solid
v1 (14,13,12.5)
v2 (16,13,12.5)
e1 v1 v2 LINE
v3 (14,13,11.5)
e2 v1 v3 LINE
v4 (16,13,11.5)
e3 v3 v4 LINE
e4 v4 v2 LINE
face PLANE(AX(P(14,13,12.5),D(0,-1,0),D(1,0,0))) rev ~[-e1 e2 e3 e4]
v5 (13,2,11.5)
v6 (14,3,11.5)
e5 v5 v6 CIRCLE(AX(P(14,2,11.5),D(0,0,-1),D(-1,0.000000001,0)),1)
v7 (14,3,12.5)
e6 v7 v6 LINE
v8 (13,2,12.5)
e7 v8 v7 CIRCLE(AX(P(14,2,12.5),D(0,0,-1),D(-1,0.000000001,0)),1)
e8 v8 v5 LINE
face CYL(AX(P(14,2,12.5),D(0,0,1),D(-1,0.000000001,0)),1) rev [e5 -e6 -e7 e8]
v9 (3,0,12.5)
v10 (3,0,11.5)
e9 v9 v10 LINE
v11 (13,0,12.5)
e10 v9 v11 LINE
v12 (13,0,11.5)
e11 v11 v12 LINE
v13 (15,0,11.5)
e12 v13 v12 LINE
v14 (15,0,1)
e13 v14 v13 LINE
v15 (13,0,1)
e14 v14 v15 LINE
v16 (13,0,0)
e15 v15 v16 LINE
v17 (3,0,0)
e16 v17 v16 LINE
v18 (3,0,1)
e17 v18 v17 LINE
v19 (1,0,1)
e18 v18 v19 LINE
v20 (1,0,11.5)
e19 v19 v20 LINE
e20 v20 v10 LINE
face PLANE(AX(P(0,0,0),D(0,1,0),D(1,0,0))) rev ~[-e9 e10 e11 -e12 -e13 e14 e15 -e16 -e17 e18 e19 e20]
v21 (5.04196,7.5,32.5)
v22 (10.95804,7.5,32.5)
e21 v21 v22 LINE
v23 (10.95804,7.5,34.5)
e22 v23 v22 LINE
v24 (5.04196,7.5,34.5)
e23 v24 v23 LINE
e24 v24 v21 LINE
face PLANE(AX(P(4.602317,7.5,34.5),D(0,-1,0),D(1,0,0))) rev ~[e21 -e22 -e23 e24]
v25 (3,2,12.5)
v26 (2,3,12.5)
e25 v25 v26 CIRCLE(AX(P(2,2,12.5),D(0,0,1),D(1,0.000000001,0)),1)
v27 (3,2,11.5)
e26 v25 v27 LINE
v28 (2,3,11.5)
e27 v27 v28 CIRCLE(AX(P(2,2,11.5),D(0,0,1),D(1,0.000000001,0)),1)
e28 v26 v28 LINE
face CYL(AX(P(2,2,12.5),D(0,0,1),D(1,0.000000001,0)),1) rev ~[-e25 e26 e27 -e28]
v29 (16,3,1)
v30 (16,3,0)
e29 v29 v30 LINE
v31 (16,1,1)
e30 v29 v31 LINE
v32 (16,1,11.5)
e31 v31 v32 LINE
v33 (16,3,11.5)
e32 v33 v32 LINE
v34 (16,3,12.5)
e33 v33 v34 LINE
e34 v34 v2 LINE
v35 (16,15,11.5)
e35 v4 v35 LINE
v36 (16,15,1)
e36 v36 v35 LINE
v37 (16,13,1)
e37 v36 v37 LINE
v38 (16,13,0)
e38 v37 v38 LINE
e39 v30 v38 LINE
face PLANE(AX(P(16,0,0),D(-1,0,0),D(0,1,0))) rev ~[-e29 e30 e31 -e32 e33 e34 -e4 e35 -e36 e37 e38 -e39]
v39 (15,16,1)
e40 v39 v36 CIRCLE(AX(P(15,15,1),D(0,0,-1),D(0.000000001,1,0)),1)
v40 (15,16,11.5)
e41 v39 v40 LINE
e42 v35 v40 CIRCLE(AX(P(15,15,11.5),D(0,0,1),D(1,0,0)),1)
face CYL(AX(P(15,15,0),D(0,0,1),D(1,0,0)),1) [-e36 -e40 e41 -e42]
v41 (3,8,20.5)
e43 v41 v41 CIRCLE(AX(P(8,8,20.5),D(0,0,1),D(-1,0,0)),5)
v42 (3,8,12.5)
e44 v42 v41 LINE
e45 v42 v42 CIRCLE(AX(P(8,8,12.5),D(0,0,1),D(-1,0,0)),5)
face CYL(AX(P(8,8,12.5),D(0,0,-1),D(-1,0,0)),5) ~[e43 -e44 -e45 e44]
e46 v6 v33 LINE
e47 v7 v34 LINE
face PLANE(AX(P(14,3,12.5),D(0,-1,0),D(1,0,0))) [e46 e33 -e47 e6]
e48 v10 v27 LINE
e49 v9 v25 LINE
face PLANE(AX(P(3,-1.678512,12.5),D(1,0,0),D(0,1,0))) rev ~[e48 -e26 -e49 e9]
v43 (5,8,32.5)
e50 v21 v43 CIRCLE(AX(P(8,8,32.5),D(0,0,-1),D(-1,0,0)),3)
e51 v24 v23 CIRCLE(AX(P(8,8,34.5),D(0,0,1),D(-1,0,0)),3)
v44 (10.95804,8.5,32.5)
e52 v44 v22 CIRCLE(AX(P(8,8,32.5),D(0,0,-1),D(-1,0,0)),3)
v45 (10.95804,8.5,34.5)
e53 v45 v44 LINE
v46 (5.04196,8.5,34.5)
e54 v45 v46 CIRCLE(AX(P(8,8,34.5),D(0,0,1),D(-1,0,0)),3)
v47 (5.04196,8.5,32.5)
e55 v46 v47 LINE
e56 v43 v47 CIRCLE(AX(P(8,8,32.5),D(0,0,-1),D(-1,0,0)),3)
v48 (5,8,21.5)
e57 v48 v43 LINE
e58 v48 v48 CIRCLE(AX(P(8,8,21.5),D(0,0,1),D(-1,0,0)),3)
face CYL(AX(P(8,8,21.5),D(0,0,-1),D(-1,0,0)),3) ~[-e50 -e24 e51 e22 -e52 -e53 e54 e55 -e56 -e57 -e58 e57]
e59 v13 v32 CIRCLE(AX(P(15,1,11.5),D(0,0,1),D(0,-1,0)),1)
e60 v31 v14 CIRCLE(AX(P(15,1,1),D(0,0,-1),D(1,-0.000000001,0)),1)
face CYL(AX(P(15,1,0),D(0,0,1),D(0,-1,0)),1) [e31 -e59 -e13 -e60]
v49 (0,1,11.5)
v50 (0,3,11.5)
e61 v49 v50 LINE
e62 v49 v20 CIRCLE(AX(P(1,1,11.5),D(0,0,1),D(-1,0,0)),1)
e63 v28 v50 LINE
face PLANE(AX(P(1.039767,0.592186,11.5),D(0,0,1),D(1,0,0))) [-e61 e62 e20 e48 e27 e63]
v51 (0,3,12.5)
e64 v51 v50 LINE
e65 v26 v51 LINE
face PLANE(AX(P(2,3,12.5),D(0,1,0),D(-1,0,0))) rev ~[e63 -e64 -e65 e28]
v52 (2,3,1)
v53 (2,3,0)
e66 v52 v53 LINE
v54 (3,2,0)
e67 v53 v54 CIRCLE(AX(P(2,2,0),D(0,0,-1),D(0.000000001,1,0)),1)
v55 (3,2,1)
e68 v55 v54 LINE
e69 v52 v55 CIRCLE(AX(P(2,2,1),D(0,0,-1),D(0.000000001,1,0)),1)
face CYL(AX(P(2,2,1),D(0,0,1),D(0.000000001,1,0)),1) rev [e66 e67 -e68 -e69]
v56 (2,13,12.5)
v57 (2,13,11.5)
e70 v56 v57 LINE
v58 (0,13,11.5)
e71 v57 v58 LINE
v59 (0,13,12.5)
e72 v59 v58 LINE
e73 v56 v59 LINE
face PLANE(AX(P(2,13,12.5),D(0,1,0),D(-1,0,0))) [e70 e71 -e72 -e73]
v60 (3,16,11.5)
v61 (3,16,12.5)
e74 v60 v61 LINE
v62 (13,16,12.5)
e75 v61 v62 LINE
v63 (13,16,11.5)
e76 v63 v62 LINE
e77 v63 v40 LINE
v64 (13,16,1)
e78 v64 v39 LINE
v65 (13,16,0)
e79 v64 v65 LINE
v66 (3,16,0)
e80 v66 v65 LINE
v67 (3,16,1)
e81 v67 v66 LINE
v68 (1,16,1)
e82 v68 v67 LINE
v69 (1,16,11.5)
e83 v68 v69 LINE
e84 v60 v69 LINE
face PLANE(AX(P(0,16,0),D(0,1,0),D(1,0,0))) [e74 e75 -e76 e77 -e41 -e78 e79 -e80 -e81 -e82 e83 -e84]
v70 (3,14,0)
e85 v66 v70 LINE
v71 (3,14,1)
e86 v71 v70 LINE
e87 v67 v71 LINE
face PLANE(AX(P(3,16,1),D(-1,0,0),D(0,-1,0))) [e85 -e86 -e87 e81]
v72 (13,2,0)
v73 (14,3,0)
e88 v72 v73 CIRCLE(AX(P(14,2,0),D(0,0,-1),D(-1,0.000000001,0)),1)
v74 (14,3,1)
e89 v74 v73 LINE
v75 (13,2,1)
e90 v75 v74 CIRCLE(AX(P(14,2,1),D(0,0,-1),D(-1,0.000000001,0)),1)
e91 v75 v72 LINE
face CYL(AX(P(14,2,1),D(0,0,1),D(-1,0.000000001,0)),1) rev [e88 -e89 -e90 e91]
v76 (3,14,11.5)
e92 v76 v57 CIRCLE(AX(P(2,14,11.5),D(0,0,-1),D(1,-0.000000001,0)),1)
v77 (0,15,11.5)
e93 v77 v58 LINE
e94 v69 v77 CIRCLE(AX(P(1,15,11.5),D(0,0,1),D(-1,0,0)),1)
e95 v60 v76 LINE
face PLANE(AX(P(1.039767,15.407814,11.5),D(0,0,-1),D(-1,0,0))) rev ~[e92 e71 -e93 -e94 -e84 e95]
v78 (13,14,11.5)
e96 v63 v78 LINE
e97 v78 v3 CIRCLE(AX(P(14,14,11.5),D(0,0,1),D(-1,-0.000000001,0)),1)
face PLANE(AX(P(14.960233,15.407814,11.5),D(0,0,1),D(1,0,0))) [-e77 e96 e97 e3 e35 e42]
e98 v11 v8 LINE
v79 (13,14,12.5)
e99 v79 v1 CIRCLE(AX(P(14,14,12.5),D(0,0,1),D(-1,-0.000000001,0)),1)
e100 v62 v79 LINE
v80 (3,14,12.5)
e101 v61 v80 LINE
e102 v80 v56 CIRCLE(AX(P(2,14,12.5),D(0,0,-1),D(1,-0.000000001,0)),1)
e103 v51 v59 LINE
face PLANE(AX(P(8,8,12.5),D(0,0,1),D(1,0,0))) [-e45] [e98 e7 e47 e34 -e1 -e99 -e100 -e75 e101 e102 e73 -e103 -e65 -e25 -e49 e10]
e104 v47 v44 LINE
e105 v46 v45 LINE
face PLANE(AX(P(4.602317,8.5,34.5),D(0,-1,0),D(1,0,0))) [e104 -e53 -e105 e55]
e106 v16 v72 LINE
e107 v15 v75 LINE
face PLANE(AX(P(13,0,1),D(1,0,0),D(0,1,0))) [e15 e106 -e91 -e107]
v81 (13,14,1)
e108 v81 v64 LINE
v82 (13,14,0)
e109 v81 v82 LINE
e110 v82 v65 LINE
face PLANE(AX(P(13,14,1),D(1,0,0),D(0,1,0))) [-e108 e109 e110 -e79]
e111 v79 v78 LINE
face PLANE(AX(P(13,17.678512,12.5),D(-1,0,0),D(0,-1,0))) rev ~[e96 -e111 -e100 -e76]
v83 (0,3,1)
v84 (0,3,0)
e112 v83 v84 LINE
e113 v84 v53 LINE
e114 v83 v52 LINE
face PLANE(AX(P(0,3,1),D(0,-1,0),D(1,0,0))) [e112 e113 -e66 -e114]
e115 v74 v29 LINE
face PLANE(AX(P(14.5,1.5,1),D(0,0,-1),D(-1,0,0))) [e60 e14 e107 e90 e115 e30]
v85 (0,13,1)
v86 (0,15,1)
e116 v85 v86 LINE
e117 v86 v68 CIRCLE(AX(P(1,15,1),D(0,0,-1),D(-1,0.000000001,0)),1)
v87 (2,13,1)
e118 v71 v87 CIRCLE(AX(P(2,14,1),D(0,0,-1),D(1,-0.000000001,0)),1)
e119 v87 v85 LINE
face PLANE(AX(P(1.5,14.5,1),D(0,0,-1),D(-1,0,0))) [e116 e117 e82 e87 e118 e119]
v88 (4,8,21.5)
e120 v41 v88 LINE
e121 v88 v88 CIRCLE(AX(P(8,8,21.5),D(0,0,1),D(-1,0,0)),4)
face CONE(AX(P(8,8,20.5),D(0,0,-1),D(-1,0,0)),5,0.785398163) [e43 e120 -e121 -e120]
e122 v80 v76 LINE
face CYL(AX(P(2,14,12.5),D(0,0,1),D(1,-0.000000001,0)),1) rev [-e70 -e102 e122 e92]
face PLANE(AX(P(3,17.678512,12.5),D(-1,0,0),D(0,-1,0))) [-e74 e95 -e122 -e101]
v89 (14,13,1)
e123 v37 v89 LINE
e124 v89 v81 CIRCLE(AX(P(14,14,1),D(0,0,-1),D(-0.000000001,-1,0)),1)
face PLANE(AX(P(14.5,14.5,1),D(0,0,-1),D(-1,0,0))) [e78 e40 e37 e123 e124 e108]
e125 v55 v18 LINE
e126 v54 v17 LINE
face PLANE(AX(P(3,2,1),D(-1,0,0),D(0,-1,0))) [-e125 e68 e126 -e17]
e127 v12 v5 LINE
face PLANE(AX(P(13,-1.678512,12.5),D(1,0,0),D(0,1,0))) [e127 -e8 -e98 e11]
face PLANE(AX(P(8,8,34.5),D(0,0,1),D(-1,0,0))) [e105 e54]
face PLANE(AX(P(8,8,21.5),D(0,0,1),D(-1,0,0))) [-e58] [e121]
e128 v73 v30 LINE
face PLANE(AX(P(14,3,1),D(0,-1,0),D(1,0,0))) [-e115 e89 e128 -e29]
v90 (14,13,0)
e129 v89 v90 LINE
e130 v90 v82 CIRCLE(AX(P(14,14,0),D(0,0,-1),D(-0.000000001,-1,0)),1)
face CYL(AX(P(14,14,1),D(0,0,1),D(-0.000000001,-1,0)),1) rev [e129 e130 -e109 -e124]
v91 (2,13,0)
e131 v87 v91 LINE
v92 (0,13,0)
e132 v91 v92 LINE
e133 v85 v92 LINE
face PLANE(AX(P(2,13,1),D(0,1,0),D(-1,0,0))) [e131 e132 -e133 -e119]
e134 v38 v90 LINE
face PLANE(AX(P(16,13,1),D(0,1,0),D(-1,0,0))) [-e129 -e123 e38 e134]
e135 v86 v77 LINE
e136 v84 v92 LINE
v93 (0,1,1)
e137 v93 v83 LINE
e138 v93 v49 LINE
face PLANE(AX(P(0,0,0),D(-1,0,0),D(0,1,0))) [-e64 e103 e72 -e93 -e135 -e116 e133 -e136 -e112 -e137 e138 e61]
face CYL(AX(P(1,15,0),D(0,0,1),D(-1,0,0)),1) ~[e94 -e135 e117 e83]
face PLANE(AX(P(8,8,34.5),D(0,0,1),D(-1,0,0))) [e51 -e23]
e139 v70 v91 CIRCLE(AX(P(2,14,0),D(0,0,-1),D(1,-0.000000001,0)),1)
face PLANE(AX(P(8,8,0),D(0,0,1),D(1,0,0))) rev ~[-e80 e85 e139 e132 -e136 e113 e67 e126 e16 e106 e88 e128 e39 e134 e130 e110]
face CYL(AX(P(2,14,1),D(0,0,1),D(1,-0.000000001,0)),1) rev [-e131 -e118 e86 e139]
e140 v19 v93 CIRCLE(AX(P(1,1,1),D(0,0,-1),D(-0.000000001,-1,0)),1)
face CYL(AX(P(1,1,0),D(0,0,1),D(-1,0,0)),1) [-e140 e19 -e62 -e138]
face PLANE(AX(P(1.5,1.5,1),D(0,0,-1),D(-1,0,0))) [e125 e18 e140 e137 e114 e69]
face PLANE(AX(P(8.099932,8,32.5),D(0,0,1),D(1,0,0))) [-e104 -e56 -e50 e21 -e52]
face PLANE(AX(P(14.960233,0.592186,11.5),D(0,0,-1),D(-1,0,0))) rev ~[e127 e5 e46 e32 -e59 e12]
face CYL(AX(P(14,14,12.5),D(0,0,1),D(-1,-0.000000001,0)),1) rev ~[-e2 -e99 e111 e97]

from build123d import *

# Parameters (mm, degrees)
ESQUISSE1_W             = 16
ESQUISSE1_H             = 16
EXTRUSION1_DEPTH        = 12.5
CONG_1_R                = 1
ESQUISSE2_R             = 5
EXTRUSION2_DEPTH        = 9
CHANFREIN1_SIZE         = 1
ESQUISSE3_R             = 3
EXTRUSION3_DEPTH        = 13
ESQUISSE4_W             = 6.995230525
ESQUISSE4_H             = 1
ENL_V_MAT_EXTRU_1_DEPTH = 2
ENL_V_MAT_EXTRU_2_DEPTH = 1
ENL_V_START             = -1
ENL_V_MAT_EXTRU_3_DEPTH = 1


with BuildPart() as part:
    # Esquisse1 → Extrusion1 (new body)
    with BuildSketch(Plane.XY):
        with Locations((8, 8)):
            Rectangle(ESQUISSE1_W, ESQUISSE1_H)
    extrude(amount=EXTRUSION1_DEPTH)

    # Congé1
    cong_1_edges = [part.edges().sort_by_distance(p)[0] for p in [
        (0, 16, 6.25),
        (16, 16, 6.25),
        (16, 0, 6.25),
        (0, 0, 6.25),
    ]]
    fillet(cong_1_edges, radius=CONG_1_R)

    # Esquisse2 → Extrusion2 (add)
    with BuildSketch(Plane.XY.offset(12.5)):
        with Locations(Location((8, 8, 0), (0, 0, 180))):
            Circle(ESQUISSE2_R)
    extrude(amount=EXTRUSION2_DEPTH)

    # Chanfrein1
    chanfrein1_edges = [part.edges().sort_by_distance(p)[0] for p in [
        (13, 8, 21.5),
    ]]
    chamfer(chanfrein1_edges, length=CHANFREIN1_SIZE)

    # Esquisse3 → Extrusion3 (add)
    with BuildSketch(Plane.XY.offset(21.5)):
        with Locations(Location((8, 8, 0), (0, 0, 180))):
            Circle(ESQUISSE3_R)
    extrude(amount=EXTRUSION3_DEPTH)

    # Esquisse4 → Enlèv. mat.-Extru.1 (cut)
    with BuildSketch(Plane.XY.offset(34.5)):
        with Locations((8.099931865, 8)):
            Rectangle(ESQUISSE4_W, ESQUISSE4_H)
    extrude(amount=-ENL_V_MAT_EXTRU_1_DEPTH, mode=Mode.SUBTRACT)

    # Esquisse5 → Enlèv. mat.-Extru.2 (cut)
    with BuildSketch(Plane.XY.offset(12.5)):
        with BuildLine():
            Line((13, 17.678512004), (13, 14))
            ThreePointArc((13, 14), (13.292893219, 13.292893219), (14, 13))
            Line((14, 13), (16.806932946, 13))
            Line((16.806932946, 13), (16.806932946, 17.678512004))
            Line((16.806932946, 17.678512004), (13, 17.678512004))
        make_face()
        with BuildLine():
            Line((-0.806932946, 17.678512004), (3, 17.678512004))
            Line((3, 17.678512004), (3, 14))
            ThreePointArc((3, 14), (2.707106781, 13.292893219), (2, 13))
            Line((2, 13), (-0.806932946, 13))
            Line((-0.806932946, 13), (-0.806932946, 17.678512004))
        make_face()
        with BuildLine():
            Line((16.806932946, -1.678512004), (13, -1.678512004))
            Line((13, -1.678512004), (13, 2))
            ThreePointArc((13, 2), (13.292893219, 2.707106781), (14, 3))
            Line((14, 3), (16.806932946, 3))
            Line((16.806932946, 3), (16.806932946, -1.678512004))
        make_face()
        with BuildLine():
            Line((3, -1.678512004), (3, 2))
            ThreePointArc((3, 2), (2.707106781, 2.707106781), (2, 3))
            Line((2, 3), (-0.806932946, 3))
            Line((-0.806932946, 3), (-0.806932946, -1.678512004))
            Line((-0.806932946, -1.678512004), (3, -1.678512004))
        make_face()
    extrude(amount=-ENL_V_MAT_EXTRU_2_DEPTH, mode=Mode.SUBTRACT)

    # Esquisse6 → Enlèv. mat.-Extru.3 (cut)
    with BuildSketch(Plane(origin=(0, 0, 0), x_dir=(-1, 0, 0), z_dir=(0, 0, -1)).offset(ENL_V_START)):
        with BuildLine():
            Line((0, 13), (0, 15))
            ThreePointArc((0, 15), (-0.292893219, 15.707106781), (-1, 16))
            Line((-1, 16), (-3, 16))
            Line((-3, 16), (-3, 14))
            ThreePointArc((-3, 14), (-2.707106781, 13.292893219), (-2, 13))
            Line((-2, 13), (0, 13))
        make_face()
        with BuildLine():
            Line((-13, 16), (-15, 16))
            ThreePointArc((-15, 16), (-15.707106781, 15.707106781), (-16, 15))
            Line((-16, 15), (-16, 13))
            Line((-16, 13), (-14, 13))
            ThreePointArc((-14, 13), (-13.292893219, 13.292893219), (-13, 14))
            Line((-13, 14), (-13, 16))
        make_face()
        with BuildLine():
            Line((-3, 0), (-1, 0))
            ThreePointArc((-1, 0), (-0.292893219, 0.292893219), (0, 1))
            Line((0, 1), (0, 3))
            Line((0, 3), (-2, 3))
            ThreePointArc((-2, 3), (-2.707106781, 2.707106781), (-3, 2))
            Line((-3, 2), (-3, 0))
        make_face()
        with BuildLine():
            Line((-15, 0), (-13, 0))
            Line((-13, 0), (-13, 2))
            ThreePointArc((-13, 2), (-13.292893219, 2.707106781), (-14, 3))
            Line((-14, 3), (-16, 3))
            Line((-16, 3), (-16, 1))
            ThreePointArc((-16, 1), (-15.707106781, 0.292893219), (-15, 0))
        make_face()
    extrude(amount=ENL_V_MAT_EXTRU_3_DEPTH, mode=Mode.SUBTRACT)


solid = part.part
